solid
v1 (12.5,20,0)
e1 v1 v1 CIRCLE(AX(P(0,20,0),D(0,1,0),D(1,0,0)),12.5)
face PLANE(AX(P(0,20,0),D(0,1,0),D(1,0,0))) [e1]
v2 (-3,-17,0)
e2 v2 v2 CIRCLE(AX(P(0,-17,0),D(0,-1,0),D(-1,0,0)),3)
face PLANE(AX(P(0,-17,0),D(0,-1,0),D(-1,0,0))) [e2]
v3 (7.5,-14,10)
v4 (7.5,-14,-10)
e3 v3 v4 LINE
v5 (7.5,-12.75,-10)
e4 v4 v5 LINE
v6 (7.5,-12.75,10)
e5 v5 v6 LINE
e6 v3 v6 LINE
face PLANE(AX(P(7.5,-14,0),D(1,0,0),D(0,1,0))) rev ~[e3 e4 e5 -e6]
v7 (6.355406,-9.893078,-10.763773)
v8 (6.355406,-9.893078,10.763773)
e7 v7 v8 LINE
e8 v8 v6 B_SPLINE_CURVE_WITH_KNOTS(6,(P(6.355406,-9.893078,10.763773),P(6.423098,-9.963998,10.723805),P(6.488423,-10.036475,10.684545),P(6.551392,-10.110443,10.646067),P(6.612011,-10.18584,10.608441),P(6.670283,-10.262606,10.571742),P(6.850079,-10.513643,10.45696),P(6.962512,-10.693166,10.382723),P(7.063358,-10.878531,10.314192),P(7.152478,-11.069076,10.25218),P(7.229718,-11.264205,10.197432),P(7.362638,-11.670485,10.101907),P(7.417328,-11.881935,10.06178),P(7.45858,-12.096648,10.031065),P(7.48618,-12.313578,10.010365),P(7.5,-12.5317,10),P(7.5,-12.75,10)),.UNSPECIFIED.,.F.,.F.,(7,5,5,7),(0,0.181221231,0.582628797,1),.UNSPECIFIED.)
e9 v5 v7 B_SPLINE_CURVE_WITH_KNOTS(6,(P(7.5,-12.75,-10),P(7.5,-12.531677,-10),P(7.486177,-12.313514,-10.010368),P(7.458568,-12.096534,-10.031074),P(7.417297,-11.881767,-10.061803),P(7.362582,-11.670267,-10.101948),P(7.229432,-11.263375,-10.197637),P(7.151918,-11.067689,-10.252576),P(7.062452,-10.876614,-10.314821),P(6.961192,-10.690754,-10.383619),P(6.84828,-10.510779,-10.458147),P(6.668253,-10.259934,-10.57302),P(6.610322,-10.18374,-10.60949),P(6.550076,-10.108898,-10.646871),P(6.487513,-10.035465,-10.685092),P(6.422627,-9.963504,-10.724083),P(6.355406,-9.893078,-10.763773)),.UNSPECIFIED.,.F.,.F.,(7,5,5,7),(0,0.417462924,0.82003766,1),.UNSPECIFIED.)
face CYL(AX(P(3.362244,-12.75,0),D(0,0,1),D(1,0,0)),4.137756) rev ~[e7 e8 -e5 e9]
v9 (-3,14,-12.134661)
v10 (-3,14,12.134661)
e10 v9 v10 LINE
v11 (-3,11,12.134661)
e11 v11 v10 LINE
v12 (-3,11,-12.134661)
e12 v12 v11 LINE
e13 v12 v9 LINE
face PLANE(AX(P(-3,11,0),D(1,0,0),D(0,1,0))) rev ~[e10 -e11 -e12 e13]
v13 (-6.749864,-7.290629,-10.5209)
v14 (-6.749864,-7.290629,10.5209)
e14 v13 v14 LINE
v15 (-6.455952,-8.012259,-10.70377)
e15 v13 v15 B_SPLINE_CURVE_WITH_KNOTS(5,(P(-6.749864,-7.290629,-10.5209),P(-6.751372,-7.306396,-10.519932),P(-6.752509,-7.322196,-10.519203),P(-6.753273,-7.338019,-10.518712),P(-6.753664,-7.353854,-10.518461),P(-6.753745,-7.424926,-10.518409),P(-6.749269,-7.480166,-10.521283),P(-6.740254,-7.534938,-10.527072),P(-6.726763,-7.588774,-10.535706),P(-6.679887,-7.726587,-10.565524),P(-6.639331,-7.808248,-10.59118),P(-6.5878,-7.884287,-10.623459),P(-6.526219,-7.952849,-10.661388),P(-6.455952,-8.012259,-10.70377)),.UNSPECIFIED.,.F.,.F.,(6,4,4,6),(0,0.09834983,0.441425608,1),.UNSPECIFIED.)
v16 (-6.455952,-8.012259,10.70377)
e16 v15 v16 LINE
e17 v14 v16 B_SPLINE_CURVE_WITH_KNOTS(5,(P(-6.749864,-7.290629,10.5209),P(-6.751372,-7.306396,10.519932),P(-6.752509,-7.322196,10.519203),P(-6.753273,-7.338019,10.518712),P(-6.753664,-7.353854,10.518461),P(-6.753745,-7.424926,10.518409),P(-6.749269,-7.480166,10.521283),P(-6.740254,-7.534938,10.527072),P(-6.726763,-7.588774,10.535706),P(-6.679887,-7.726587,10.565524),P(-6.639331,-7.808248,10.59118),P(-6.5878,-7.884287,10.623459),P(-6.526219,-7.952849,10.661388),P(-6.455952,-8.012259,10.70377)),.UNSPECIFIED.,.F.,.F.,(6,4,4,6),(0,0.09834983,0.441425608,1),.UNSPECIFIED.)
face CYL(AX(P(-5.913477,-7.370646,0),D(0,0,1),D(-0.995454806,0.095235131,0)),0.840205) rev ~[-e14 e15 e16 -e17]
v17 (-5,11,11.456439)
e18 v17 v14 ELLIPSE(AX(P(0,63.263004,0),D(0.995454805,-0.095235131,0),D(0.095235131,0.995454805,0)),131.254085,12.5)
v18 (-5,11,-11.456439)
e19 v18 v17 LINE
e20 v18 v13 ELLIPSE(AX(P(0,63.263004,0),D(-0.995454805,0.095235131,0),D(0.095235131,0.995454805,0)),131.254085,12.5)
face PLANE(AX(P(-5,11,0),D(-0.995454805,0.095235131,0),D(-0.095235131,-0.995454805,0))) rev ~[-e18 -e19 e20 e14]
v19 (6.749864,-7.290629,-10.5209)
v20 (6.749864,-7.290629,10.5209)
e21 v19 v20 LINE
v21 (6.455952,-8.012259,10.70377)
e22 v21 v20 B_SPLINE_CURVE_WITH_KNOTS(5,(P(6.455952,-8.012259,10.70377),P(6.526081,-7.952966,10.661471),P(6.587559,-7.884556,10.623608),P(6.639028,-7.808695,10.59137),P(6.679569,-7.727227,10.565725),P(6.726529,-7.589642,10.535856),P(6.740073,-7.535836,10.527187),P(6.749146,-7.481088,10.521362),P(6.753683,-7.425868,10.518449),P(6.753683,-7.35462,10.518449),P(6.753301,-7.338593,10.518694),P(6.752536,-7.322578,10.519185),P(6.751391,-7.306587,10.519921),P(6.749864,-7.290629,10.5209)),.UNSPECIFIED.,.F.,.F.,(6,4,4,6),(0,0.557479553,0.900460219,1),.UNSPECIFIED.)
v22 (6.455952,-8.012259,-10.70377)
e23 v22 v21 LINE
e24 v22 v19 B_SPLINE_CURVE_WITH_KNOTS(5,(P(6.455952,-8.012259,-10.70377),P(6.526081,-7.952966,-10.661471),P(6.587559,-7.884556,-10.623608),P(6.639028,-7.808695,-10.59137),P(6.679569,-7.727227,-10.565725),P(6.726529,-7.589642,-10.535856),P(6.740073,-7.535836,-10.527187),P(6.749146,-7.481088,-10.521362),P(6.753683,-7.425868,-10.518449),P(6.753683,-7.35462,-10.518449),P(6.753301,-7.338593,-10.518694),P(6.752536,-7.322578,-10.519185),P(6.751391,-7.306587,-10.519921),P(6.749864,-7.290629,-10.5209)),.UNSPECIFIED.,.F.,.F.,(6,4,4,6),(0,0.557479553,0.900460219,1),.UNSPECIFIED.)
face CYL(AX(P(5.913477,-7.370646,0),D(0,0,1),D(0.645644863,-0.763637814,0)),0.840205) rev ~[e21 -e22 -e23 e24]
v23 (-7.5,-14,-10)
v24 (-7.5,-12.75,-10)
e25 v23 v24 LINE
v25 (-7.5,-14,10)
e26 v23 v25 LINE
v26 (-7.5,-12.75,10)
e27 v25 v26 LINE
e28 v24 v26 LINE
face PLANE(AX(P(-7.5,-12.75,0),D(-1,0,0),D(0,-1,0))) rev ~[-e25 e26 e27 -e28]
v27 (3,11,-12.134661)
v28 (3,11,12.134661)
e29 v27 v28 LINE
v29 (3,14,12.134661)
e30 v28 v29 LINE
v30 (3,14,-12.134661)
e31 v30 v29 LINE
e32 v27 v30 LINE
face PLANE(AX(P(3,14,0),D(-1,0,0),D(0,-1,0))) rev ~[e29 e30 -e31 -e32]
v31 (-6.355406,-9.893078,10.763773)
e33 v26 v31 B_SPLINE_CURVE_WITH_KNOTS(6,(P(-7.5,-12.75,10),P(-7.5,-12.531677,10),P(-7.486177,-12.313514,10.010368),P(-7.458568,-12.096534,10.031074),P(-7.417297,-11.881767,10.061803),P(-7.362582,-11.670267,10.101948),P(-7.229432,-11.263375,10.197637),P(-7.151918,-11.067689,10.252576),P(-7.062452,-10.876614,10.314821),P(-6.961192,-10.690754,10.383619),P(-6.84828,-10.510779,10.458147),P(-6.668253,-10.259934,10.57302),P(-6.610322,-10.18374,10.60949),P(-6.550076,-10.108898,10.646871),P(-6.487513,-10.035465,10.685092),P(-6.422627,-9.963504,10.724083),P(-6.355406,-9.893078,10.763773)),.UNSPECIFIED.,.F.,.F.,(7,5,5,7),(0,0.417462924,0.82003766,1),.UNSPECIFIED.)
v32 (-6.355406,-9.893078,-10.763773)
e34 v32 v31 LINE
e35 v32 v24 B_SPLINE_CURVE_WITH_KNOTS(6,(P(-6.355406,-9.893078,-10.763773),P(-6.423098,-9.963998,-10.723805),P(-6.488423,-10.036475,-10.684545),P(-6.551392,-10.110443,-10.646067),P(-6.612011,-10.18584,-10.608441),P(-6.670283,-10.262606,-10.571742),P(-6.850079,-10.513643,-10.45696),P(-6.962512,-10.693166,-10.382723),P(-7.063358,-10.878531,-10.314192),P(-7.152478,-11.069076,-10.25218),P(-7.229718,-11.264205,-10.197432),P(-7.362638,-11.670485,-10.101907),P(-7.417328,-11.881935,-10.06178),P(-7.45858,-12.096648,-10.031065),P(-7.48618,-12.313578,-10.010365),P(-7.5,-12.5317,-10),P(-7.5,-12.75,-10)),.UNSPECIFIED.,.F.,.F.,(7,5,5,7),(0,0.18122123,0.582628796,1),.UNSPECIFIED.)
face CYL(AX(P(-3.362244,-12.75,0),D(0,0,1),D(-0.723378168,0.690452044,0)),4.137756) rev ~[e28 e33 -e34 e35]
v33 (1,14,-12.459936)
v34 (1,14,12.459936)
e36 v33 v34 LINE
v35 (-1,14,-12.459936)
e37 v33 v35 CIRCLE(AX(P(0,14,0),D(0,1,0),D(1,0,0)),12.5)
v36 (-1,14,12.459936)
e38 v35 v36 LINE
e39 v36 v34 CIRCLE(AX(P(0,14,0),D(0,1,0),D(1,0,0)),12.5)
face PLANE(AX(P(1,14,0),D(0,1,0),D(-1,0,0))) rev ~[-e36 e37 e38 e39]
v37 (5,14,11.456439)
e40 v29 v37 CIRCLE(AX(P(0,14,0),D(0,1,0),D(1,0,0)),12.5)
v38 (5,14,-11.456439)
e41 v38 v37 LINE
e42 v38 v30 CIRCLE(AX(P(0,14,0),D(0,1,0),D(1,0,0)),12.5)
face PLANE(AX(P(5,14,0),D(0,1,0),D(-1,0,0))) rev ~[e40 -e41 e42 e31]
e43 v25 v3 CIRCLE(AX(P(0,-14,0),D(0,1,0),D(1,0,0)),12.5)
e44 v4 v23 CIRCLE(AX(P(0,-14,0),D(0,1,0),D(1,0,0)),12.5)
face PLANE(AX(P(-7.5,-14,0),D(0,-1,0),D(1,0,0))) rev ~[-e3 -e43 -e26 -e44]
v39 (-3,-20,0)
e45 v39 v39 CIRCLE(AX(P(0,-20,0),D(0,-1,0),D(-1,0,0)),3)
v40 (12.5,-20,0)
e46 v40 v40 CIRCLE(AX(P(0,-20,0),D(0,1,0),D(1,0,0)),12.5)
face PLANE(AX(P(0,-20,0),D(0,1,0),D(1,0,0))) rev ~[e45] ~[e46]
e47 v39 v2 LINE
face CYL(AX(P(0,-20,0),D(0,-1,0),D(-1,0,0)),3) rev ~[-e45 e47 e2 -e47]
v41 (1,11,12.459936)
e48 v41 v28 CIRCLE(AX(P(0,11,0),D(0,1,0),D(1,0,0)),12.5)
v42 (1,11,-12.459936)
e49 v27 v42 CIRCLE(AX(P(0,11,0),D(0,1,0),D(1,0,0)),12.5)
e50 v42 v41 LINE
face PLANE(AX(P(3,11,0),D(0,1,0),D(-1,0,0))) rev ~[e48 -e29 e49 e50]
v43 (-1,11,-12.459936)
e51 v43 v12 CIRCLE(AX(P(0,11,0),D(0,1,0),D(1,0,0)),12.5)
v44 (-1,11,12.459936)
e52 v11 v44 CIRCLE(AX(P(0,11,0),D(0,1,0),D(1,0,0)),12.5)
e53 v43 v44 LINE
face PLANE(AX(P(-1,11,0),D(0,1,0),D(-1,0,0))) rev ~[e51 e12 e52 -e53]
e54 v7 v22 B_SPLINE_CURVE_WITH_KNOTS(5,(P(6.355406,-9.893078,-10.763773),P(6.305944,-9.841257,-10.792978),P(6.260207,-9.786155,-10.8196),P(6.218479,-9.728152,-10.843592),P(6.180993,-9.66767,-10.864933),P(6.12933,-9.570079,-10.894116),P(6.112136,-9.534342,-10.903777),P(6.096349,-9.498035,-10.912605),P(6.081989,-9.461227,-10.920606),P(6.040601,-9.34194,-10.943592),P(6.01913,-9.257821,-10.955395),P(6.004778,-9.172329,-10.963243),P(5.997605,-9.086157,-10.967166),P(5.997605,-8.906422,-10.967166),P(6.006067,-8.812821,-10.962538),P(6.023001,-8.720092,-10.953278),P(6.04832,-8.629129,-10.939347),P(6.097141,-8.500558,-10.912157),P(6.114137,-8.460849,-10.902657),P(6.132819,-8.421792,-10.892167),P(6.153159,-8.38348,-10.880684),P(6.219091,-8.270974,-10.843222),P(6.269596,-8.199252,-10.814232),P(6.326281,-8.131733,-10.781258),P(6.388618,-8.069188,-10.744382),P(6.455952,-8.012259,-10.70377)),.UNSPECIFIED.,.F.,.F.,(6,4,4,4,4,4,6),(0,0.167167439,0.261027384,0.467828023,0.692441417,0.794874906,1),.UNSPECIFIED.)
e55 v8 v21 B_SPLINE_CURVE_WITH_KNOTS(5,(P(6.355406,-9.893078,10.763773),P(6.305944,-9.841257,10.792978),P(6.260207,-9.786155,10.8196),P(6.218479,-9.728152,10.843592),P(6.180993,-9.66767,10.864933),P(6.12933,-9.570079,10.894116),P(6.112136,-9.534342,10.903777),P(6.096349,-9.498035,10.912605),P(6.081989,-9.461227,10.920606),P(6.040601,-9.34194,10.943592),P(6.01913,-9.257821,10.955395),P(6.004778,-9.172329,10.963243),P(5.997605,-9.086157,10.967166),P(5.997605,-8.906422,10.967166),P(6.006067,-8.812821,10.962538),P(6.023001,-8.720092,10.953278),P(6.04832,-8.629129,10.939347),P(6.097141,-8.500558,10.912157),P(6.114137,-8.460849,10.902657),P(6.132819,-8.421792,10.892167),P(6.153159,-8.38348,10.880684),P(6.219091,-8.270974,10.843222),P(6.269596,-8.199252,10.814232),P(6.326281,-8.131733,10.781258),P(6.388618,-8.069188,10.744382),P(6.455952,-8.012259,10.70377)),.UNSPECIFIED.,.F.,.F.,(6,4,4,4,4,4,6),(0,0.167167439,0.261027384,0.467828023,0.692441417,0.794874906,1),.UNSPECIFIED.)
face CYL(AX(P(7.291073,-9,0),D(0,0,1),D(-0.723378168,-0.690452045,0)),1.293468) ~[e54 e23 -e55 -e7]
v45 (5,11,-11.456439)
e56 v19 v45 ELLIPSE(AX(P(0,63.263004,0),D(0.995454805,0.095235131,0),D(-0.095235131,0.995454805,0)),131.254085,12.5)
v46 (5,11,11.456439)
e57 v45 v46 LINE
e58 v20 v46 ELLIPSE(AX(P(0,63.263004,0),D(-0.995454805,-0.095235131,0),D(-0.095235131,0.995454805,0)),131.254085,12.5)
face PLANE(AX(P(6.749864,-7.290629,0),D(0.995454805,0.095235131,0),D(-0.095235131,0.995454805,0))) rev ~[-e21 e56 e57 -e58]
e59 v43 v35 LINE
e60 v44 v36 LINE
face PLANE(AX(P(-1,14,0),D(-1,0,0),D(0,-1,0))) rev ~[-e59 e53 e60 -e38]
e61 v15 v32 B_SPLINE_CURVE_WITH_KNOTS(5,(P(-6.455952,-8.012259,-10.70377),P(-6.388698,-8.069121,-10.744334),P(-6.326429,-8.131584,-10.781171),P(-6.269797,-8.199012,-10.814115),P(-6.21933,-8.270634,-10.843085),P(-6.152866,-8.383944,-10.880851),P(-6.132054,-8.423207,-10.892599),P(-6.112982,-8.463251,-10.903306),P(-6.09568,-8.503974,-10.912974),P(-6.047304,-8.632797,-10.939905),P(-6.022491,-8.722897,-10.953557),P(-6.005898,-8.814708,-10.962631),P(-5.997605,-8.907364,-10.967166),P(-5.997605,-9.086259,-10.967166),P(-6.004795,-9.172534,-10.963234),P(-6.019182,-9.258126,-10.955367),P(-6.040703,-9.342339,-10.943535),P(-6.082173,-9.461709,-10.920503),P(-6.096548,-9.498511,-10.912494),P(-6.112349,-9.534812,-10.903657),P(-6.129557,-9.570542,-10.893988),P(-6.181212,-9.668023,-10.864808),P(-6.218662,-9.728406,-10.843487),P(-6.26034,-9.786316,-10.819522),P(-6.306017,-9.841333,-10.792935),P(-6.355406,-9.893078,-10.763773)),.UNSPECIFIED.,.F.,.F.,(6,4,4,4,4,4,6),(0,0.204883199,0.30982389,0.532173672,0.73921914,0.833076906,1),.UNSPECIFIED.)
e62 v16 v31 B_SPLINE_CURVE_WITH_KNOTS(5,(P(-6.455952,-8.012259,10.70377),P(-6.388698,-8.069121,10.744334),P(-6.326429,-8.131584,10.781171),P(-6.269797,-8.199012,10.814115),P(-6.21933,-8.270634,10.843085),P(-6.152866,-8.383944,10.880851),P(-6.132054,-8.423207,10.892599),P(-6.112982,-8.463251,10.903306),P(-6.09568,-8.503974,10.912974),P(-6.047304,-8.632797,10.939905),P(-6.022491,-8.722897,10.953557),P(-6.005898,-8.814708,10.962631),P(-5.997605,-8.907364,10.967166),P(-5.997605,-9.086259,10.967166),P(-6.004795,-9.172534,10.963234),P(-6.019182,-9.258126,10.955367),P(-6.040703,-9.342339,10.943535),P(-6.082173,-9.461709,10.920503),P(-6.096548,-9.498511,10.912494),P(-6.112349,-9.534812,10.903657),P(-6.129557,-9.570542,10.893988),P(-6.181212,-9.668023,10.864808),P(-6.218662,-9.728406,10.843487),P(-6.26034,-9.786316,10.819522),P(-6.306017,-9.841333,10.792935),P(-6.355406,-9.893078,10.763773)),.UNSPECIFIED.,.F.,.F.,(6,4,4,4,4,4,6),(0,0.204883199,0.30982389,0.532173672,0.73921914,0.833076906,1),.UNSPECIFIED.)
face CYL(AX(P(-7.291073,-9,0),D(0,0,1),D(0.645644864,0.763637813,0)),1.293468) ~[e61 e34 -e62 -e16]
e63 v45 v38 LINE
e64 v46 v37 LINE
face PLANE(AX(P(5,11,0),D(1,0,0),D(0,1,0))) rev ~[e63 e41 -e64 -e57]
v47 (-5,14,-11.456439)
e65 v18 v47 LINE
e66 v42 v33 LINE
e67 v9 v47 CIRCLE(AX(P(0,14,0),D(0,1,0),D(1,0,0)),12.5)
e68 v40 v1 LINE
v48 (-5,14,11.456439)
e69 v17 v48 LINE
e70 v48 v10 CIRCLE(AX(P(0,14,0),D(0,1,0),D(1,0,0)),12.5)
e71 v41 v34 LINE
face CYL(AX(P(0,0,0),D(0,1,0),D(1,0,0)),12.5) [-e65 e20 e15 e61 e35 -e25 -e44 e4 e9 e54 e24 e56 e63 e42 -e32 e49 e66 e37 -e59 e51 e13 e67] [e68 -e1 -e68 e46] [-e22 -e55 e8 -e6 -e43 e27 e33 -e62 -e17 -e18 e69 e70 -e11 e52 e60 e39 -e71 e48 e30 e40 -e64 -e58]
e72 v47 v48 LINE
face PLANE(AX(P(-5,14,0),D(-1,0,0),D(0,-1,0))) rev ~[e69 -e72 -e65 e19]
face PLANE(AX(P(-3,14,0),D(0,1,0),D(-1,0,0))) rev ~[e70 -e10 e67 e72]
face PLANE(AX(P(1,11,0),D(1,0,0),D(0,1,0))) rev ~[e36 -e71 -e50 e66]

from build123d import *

# Parameters (mm, degrees)
SKETCH2_R               = 12.5
BOSS_EXTRUDE1_DEPTH     = 20
CUT_EXTRUDE1_DEPTH      = 13.5
CUT_EXTRUDE1_DEPTH_BACK = 13.5
SKETCH4_R               = 3
CUT_EXTRUDE2_DEPTH      = 3


with BuildPart() as part:
    # Sketch2 → Boss-Extrude1 (new body, symmetric)
    with BuildSketch(Plane(origin=(0, 0, 0), x_dir=(1, 0, 0), z_dir=(0, 1, 0))):
        Circle(SKETCH2_R)
    extrude(amount=BOSS_EXTRUDE1_DEPTH, both=True)

    # Sketch3 → Cut-Extrude1 (cut, two sides)
    with BuildSketch(Plane.XY) as cut_extrude1_sk:
        with BuildLine():
            Line((-7.5, -14), (7.5, -14))
            Line((7.5, -14), (7.5, -12.75))
            ThreePointArc((7.5, -12.75), (7.203207399, -11.211161096), (6.35540622, -9.893077571))
            ThreePointArc((6.35540622, -9.893077571), (5.999449038, -8.930951878), (6.455951755, -8.012258985))
            ThreePointArc((6.455951755, -8.012258985), (6.691617305, -7.687574573), (6.749863955, -7.290629305))
            Line((6.749863955, -7.290629305), (5, 11))
            Line((5, 11), (5, 14))
            Line((5, 14), (3, 14))
            Line((3, 14), (3, 11))
            Line((3, 11), (1, 11))
            Line((1, 11), (1, 14))
            Line((1, 14), (-1, 14))
            Line((-1, 14), (-1, 11))
            Line((-1, 11), (-3, 11))
            Line((-3, 11), (-3, 14))
            Line((-3, 14), (-5, 14))
            Line((-5, 14), (-5, 11))
            Line((-5, 11), (-6.749863955, -7.290629305))
            ThreePointArc((-6.749863955, -7.290629305), (-6.691617305, -7.687574573), (-6.455951755, -8.012258985))
            ThreePointArc((-6.455951755, -8.012258985), (-5.999449038, -8.930951878), (-6.35540622, -9.893077571))
            ThreePointArc((-6.35540622, -9.893077571), (-7.203207399, -11.211161096), (-7.5, -12.75))
            Line((-7.5, -12.75), (-7.5, -14))
        make_face()
    extrude(amount=CUT_EXTRUDE1_DEPTH, mode=Mode.SUBTRACT)
    extrude(cut_extrude1_sk.sketch, amount=-CUT_EXTRUDE1_DEPTH_BACK, mode=Mode.SUBTRACT)

    # Sketch4 → Cut-Extrude2 (cut)
    with BuildSketch(Plane(origin=(0, -20, 0), x_dir=(-1, 0, 0), z_dir=(0, -1, 0))):
        Circle(SKETCH4_R)
    extrude(amount=-CUT_EXTRUDE2_DEPTH, mode=Mode.SUBTRACT)


solid = part.part
